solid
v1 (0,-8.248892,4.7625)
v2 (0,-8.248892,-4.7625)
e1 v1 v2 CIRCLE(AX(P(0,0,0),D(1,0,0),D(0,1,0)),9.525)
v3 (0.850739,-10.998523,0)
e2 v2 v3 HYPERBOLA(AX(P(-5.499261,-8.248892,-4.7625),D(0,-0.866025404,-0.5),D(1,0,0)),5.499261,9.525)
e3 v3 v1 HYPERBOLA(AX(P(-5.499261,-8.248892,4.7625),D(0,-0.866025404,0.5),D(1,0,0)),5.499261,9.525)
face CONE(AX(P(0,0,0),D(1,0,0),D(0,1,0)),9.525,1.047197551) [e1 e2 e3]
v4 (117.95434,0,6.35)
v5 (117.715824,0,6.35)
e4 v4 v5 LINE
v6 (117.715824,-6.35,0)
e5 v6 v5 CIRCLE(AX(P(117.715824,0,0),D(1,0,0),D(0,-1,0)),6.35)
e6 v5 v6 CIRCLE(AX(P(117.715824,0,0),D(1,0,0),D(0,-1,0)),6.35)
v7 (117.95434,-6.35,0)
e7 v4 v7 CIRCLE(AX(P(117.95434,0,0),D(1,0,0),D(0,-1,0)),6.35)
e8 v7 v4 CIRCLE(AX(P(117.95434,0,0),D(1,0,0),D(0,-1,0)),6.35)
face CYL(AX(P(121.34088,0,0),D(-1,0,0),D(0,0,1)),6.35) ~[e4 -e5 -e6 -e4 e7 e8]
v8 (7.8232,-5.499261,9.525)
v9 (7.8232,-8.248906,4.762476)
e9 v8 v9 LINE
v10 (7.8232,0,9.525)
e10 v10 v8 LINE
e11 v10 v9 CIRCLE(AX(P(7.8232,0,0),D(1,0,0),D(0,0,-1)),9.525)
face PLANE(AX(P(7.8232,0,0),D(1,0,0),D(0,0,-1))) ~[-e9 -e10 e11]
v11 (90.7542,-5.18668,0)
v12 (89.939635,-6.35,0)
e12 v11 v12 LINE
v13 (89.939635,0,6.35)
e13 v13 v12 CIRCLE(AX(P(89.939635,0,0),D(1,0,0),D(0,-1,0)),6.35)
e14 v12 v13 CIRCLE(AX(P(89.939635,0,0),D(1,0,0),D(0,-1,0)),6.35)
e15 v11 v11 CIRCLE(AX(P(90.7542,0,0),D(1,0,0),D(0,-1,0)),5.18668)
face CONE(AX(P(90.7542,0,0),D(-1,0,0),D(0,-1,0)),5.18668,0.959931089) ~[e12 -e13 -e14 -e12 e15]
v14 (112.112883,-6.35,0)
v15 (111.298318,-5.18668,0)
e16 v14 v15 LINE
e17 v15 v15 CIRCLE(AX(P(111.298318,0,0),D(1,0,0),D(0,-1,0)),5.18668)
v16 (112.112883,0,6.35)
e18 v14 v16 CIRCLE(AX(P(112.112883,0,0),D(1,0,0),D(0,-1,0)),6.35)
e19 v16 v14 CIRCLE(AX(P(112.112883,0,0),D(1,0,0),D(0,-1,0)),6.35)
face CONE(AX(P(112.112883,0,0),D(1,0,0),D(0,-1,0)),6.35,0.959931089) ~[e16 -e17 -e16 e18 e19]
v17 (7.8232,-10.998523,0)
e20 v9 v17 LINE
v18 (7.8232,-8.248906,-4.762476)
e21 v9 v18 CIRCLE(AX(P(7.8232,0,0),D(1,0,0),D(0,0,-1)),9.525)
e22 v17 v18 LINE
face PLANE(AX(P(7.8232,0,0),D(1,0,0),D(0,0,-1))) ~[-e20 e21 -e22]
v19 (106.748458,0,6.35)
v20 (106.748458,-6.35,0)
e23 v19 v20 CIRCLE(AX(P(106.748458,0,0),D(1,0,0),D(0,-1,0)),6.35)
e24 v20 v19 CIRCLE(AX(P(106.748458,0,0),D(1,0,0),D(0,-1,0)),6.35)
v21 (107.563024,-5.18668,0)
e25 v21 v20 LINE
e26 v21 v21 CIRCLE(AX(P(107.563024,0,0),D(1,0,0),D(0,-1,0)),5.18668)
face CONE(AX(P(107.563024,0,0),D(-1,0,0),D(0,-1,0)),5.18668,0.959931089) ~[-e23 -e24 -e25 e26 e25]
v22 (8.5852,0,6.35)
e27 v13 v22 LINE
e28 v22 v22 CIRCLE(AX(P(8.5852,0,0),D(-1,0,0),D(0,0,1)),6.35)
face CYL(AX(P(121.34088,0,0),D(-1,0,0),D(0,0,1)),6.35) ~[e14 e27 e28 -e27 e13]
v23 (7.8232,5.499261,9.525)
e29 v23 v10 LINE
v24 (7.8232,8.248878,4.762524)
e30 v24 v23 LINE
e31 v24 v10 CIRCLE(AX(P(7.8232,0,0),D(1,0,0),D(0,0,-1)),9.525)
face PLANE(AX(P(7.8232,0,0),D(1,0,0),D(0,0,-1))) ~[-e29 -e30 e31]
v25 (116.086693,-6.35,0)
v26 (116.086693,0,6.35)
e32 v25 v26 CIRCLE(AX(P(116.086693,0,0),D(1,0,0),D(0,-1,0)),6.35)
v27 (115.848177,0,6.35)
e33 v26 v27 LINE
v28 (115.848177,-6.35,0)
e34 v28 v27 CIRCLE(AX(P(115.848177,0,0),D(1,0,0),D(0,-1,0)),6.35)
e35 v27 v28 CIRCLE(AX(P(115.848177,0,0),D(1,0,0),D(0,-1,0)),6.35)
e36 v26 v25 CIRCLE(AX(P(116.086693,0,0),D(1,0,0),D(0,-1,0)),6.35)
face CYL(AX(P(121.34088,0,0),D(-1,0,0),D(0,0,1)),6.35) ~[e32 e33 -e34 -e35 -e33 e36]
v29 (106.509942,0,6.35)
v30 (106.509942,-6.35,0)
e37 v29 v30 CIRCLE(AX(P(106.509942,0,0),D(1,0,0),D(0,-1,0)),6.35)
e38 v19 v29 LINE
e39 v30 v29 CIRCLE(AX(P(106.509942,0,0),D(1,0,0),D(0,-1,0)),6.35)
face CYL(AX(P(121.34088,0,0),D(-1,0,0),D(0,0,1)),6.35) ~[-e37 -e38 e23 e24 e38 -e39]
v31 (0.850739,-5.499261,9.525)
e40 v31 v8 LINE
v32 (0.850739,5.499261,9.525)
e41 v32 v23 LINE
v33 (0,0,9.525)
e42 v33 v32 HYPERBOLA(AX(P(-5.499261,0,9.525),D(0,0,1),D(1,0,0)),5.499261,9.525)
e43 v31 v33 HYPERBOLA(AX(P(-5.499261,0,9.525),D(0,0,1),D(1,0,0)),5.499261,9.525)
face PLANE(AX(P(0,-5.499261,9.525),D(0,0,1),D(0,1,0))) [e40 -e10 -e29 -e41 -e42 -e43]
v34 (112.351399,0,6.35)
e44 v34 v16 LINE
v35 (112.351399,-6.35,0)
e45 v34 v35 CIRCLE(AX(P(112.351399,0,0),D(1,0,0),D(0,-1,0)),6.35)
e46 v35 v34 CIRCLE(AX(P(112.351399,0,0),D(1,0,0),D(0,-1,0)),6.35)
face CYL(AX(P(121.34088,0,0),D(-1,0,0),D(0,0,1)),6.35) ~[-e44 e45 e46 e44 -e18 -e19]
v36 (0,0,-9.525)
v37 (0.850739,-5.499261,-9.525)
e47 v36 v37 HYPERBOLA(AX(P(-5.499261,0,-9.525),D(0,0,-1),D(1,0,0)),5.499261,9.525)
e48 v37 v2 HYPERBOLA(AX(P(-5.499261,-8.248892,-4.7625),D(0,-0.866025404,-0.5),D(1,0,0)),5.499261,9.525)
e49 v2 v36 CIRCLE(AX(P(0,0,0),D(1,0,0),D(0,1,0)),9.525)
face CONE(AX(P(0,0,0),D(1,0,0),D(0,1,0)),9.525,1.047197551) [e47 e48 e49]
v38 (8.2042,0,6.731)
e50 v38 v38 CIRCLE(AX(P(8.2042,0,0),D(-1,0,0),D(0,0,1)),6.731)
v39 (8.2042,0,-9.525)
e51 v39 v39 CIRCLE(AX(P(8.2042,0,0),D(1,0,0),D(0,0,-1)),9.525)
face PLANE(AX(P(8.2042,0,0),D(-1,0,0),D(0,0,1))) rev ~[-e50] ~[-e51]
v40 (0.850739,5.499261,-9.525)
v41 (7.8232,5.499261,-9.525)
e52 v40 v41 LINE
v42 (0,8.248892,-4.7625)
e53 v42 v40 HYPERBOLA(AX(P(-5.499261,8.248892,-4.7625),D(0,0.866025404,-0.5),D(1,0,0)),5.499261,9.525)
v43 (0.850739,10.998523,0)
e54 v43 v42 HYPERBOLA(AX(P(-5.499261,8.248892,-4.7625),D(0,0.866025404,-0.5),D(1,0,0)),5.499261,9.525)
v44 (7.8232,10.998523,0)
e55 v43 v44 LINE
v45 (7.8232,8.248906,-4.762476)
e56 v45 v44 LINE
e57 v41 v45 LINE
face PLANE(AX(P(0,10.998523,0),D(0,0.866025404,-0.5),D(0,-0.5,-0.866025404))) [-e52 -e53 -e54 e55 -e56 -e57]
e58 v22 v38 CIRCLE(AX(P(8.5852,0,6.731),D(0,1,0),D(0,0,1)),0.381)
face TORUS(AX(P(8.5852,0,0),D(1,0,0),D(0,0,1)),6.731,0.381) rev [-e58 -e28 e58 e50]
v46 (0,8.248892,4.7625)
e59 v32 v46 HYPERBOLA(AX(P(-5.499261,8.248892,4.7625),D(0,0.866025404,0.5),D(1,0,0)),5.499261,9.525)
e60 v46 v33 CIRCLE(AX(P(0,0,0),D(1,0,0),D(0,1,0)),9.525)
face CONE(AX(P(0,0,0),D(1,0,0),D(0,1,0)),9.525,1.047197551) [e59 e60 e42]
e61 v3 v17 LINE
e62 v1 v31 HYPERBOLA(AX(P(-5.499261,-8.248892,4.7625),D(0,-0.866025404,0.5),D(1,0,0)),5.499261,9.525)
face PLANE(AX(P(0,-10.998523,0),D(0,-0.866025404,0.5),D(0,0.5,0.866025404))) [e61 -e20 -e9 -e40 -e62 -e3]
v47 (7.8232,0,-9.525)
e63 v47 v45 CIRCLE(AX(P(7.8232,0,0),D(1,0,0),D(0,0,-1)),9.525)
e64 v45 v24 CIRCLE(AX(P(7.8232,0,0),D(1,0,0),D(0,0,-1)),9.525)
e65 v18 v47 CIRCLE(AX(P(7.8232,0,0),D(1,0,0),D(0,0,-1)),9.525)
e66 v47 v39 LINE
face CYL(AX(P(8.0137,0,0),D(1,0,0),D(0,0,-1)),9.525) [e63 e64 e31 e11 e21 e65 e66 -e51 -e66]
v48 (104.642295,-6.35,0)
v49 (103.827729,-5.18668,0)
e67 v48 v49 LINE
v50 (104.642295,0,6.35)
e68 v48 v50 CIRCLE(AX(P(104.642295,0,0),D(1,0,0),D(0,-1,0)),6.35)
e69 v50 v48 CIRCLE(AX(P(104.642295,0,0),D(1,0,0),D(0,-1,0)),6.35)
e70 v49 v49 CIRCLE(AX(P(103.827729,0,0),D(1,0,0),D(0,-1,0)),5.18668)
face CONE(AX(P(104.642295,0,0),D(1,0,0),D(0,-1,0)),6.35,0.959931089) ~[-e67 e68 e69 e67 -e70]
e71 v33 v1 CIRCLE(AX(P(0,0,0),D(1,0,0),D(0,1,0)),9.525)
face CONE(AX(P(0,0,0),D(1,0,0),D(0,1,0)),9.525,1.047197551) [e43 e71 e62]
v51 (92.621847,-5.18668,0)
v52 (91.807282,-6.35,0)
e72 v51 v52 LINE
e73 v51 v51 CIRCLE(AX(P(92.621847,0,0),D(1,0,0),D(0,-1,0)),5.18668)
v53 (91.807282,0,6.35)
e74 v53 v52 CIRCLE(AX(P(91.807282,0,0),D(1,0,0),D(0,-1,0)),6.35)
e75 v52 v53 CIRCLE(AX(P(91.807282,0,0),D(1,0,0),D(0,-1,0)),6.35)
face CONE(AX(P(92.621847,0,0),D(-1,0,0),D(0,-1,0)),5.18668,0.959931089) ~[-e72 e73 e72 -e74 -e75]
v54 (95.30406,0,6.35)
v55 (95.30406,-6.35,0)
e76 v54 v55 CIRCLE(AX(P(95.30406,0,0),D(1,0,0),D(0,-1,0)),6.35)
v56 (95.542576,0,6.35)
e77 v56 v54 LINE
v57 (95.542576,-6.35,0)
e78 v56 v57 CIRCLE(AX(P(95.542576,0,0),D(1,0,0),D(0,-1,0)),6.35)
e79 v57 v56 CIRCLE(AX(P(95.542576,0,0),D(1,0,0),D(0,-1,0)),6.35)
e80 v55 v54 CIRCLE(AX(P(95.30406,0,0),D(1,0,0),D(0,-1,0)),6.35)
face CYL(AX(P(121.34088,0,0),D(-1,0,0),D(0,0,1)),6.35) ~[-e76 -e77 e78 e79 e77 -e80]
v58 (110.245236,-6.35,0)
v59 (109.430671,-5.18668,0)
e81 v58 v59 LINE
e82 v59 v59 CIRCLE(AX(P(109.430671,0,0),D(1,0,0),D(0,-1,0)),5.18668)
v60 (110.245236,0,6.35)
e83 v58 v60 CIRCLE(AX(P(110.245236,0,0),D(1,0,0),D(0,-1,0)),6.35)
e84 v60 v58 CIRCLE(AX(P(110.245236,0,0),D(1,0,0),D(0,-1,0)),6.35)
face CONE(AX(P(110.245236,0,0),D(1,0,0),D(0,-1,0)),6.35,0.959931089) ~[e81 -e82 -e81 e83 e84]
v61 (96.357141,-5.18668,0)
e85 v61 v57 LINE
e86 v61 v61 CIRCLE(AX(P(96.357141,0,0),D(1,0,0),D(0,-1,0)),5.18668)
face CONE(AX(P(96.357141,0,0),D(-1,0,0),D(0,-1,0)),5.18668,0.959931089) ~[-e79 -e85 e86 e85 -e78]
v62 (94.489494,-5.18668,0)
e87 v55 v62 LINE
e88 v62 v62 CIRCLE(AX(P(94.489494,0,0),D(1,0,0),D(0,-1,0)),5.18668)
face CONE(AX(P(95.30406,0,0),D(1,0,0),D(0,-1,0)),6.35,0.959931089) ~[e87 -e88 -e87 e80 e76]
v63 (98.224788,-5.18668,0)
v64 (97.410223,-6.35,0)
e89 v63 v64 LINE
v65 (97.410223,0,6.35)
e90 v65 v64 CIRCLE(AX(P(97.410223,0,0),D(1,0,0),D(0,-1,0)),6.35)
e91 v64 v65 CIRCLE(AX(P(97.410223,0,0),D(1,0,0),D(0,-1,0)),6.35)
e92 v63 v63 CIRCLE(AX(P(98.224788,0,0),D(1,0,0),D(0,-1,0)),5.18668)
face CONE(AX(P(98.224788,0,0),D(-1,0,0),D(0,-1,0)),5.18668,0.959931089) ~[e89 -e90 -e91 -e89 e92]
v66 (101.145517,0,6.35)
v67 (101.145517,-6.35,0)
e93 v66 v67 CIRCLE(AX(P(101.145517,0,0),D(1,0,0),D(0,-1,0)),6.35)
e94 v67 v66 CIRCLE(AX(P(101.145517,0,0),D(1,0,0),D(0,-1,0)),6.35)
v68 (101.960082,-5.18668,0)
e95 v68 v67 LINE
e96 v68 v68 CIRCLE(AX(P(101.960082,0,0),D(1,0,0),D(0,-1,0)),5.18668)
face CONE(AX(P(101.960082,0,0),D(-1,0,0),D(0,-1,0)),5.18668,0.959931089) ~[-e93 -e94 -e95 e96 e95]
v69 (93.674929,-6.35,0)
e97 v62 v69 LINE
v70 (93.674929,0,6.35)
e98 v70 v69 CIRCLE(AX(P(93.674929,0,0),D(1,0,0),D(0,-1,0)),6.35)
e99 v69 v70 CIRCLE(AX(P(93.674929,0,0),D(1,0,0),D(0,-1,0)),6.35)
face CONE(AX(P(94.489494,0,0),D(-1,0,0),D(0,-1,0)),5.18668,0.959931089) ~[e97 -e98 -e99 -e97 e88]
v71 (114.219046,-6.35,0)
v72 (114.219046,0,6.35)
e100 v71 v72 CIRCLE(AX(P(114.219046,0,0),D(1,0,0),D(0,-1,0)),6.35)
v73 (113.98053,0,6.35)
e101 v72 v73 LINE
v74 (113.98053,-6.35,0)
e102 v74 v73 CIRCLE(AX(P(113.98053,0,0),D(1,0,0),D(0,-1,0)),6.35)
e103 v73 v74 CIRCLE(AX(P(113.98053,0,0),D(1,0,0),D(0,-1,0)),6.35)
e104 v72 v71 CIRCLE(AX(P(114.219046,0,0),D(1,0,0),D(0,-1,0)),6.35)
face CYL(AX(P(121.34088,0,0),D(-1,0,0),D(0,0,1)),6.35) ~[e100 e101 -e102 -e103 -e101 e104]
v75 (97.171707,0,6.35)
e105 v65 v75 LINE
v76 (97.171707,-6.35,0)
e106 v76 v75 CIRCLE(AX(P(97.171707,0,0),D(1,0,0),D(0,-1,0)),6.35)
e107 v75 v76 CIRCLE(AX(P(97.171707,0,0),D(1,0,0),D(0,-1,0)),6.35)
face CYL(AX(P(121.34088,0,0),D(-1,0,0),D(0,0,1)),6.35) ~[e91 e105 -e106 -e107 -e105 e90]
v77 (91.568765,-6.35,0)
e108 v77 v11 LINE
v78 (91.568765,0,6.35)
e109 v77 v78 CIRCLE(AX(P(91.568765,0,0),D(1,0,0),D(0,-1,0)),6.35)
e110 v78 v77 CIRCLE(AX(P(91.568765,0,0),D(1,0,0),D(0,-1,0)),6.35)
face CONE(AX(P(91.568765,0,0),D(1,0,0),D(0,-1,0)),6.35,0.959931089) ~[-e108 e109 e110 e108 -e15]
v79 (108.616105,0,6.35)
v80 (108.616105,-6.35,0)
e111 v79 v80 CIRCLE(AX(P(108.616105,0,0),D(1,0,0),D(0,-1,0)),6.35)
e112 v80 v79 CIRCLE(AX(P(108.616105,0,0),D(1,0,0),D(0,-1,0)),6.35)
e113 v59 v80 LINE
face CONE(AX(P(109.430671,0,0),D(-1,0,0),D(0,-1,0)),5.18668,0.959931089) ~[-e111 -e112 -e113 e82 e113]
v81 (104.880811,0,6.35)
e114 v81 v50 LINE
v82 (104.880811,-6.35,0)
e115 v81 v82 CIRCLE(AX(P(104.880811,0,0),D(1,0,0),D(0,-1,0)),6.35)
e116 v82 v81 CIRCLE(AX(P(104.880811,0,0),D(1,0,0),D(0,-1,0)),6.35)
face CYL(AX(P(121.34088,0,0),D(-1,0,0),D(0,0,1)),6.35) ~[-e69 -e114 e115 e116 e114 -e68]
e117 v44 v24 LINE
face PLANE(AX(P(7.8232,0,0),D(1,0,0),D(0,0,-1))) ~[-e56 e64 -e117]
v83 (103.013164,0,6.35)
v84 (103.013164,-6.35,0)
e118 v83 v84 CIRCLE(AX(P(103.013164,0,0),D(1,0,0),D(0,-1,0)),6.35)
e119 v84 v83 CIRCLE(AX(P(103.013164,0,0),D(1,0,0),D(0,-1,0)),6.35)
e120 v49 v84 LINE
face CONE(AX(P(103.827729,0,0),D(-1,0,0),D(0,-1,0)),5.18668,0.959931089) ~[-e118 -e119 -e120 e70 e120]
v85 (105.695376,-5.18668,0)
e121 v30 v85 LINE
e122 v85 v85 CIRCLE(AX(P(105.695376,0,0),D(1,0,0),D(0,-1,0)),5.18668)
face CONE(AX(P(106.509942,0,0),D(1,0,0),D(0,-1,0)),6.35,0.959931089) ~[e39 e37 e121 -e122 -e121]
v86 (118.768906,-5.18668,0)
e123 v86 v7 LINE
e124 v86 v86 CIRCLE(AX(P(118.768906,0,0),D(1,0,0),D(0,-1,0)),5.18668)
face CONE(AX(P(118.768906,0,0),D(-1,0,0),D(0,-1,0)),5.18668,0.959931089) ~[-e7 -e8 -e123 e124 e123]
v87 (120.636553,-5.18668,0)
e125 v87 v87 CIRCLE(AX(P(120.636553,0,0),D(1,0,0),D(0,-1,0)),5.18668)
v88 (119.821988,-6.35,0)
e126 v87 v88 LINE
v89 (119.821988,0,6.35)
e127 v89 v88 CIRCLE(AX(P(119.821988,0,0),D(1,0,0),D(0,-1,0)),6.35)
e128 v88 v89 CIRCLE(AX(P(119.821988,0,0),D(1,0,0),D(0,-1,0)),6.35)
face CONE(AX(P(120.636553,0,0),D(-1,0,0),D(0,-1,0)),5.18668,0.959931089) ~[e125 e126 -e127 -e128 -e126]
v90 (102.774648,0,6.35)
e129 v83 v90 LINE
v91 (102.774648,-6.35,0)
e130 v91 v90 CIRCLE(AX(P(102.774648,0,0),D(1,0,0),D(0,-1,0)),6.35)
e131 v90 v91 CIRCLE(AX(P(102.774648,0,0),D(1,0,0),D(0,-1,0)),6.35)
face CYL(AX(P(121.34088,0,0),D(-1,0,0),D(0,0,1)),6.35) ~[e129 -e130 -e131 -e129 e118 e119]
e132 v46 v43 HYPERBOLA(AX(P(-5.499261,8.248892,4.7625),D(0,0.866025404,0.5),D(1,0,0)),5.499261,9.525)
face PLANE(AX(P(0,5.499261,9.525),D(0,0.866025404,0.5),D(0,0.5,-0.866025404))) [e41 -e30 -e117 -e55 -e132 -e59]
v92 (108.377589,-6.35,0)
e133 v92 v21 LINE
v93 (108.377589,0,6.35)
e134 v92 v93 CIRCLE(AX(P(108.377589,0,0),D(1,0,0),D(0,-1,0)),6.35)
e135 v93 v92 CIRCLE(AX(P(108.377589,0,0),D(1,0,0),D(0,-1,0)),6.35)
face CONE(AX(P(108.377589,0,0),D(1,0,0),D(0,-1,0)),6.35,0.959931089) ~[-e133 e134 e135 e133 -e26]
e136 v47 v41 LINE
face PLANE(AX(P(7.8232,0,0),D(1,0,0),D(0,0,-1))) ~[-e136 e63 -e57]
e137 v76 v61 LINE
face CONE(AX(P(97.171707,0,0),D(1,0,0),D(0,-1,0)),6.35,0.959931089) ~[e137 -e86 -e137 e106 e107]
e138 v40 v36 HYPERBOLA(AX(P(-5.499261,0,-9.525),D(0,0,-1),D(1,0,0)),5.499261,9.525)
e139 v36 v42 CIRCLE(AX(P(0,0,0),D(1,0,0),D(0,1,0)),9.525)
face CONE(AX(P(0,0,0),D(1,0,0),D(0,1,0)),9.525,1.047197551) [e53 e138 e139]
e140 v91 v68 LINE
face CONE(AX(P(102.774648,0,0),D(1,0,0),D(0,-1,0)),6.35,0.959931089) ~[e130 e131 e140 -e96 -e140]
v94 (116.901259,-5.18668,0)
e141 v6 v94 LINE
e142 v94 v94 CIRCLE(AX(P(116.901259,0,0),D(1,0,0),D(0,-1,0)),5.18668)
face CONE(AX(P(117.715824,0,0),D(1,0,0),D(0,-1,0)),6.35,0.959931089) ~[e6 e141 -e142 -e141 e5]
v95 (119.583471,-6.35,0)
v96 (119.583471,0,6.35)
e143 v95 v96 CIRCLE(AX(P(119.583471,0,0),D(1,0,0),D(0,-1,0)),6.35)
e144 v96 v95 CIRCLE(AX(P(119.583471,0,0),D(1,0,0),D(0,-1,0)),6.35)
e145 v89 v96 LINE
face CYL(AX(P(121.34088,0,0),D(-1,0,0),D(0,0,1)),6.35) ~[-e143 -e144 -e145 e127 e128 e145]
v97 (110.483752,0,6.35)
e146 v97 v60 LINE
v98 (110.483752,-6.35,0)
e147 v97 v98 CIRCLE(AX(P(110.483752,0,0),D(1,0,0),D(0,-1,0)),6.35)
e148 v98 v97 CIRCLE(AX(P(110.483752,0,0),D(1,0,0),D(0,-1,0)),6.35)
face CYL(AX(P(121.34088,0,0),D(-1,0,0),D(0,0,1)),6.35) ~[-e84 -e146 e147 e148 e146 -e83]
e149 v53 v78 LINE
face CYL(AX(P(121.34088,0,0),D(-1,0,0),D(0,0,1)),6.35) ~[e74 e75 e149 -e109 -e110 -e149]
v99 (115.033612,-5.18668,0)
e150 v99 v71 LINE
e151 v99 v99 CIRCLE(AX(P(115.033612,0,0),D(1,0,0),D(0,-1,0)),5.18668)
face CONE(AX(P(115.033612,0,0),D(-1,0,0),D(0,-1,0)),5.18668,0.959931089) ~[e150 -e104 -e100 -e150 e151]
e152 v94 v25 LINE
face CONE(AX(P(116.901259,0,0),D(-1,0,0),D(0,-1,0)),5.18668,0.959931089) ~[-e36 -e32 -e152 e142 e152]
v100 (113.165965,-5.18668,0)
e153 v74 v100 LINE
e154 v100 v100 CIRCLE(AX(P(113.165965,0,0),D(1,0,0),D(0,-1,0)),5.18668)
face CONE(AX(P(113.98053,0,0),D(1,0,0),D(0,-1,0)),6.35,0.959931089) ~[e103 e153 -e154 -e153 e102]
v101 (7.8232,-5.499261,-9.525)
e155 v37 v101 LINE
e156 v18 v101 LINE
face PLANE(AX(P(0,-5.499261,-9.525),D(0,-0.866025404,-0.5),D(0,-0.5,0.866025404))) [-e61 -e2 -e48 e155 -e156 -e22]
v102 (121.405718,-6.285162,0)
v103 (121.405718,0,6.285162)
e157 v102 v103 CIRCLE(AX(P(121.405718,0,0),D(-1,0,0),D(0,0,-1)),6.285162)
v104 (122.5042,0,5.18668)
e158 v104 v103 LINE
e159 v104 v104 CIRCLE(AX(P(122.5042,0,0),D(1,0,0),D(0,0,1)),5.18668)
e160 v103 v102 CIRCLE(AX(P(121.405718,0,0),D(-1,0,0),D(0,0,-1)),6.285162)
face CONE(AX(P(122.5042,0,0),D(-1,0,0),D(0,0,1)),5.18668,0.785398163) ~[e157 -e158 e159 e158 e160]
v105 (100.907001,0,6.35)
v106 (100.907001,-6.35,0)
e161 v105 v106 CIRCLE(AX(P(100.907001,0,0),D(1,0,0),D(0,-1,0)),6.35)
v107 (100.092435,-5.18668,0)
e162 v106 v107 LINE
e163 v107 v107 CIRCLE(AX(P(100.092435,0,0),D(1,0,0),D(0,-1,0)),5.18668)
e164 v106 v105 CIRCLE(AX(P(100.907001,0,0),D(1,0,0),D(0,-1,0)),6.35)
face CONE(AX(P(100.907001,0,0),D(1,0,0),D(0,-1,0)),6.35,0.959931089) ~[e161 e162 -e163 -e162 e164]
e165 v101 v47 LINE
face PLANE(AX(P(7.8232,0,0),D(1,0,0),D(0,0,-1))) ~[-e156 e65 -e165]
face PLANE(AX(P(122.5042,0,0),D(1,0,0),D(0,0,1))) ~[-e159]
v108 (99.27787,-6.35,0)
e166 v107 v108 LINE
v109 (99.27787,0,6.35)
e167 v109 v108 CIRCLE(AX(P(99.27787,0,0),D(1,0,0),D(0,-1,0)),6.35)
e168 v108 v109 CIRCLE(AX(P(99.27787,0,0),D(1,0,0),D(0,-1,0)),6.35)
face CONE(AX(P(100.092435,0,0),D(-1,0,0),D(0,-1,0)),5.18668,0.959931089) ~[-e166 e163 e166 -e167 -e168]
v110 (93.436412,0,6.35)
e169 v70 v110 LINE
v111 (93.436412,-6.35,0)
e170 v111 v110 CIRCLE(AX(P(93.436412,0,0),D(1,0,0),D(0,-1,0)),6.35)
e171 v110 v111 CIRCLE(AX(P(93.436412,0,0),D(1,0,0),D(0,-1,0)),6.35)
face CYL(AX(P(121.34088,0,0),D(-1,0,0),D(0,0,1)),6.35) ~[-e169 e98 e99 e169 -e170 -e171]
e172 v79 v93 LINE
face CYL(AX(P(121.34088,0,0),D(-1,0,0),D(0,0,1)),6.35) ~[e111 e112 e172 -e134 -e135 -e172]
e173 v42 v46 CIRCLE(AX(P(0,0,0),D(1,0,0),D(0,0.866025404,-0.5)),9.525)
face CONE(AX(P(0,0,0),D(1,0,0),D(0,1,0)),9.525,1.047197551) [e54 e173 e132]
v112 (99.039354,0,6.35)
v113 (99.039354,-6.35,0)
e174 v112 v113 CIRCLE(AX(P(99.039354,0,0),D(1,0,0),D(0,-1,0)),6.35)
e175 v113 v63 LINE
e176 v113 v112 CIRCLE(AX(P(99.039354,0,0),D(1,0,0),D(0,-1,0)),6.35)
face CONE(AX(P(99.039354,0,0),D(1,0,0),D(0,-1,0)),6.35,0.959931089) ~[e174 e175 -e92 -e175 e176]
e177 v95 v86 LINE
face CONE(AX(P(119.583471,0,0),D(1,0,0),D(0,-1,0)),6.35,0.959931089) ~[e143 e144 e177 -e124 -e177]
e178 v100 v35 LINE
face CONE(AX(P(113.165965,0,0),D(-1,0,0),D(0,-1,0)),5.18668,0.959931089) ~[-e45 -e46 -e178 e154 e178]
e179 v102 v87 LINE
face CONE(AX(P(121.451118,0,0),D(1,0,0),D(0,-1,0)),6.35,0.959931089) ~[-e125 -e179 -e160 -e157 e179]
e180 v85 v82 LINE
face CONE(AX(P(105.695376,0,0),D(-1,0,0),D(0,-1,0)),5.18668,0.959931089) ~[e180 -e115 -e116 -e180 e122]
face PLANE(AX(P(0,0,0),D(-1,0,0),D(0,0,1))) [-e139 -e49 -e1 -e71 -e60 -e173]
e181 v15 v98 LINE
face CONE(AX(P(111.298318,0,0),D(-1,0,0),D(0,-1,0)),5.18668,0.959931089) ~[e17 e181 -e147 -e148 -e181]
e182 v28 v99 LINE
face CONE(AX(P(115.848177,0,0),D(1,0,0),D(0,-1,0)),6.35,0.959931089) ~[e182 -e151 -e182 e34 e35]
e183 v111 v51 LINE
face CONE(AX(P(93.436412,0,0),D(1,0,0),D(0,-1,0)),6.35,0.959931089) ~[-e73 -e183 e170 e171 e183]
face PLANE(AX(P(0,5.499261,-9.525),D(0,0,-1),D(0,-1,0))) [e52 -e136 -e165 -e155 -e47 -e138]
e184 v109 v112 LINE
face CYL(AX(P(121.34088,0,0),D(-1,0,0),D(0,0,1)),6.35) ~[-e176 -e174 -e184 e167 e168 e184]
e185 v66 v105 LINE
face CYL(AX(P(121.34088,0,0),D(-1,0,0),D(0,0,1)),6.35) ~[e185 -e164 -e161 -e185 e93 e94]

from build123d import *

# Parameters (mm, degrees)
BASEHEAD_DEPTH  = 8.2042
SKETCH4_W       = 0.381
SKETCH4_H       = 26.873522628
HEADFILLET_R    = 0.381
THDSCHPAT_COUNT = 17
THDSCHPAT_PITCH = 1.867647059


with BuildPart() as part:
    # Sketch1 → BaseHead (new body)
    with BuildSketch(Plane(origin=(0, 0, 0), x_dir=(0, 0, -1), z_dir=(1, 0, 0))):
        Polygon((9.525, 5.499261314), (9.525, -5.499261314), (0, -10.998522628), (-9.525, -5.499261314), (-9.525, 5.499261314), (0, 10.998522628), align=None)
    extrude(amount=BASEHEAD_DEPTH)

    # BodySke → BaseBody (revolve)
    with BuildSketch(Plane.XY, mode=Mode.PRIVATE) as basebody_sk:
        Polygon((0, 0), (122.5042, 0), (122.5042, 5.18668), (121.34088, 6.35), (0, 6.35), align=None)
    revolve(basebody_sk.sketch.rotate(Axis((0, 0, 0), (1, 0, 0)), 90), axis=Axis((0, 0, 0), (1, 0, 0)))

    # Sketch3 → HeadChamfer (revolve, cut)
    with BuildSketch(Plane.XY):
        Polygon((0, 9.525), (4.516912895, 17.348522628), (4.516912895, 23.698522628), (-12.7, 23.698522628), (-12.7, 9.525), align=None)
    revolve(axis=Axis((0, 0, 0), (1, 0, 0)), mode=Mode.SUBTRACT)

    # Sketch4 → BearingFace (revolve, cut)
    with BuildSketch(Plane.XY, mode=Mode.PRIVATE) as bearingface_sk:
        with Locations((8.0137, 22.961761314)):
            Rectangle(SKETCH4_W, SKETCH4_H)
    revolve(bearingface_sk.sketch.rotate(Axis((0, 0, 0), (1, 0, 0)), 270), axis=Axis((0, 0, 0), (1, 0, 0)), mode=Mode.SUBTRACT)

    # HeadFillet
    headfillet_edges = [part.edges().sort_by_distance(p)[0] for p in [
        (8.2042, 0, -6.35),
    ]]
    fillet(headfillet_edges, radius=HEADFILLET_R)

    # ThdSchSke → ThreadSchematic (revolve, cut)
    with BuildSketch(Plane.XY):
        Polygon((90.7542, -5.18668), (89.939634567, -6.35), (89.939634567, -7.9375), (91.568765433, -7.9375), (91.568765433, -6.35), align=None)
    threadschematic = revolve(axis=Axis((-3.175, 0, 0), (1, 0, 0)), mode=Mode.SUBTRACT)

    # ThdSchPat: ThreadSchematic ×17
    with Locations(*[(i * THDSCHPAT_PITCH, 0, 0) for i in range(1, THDSCHPAT_COUNT)]):
        add(threadschematic, mode=Mode.SUBTRACT)


solid = part.part
